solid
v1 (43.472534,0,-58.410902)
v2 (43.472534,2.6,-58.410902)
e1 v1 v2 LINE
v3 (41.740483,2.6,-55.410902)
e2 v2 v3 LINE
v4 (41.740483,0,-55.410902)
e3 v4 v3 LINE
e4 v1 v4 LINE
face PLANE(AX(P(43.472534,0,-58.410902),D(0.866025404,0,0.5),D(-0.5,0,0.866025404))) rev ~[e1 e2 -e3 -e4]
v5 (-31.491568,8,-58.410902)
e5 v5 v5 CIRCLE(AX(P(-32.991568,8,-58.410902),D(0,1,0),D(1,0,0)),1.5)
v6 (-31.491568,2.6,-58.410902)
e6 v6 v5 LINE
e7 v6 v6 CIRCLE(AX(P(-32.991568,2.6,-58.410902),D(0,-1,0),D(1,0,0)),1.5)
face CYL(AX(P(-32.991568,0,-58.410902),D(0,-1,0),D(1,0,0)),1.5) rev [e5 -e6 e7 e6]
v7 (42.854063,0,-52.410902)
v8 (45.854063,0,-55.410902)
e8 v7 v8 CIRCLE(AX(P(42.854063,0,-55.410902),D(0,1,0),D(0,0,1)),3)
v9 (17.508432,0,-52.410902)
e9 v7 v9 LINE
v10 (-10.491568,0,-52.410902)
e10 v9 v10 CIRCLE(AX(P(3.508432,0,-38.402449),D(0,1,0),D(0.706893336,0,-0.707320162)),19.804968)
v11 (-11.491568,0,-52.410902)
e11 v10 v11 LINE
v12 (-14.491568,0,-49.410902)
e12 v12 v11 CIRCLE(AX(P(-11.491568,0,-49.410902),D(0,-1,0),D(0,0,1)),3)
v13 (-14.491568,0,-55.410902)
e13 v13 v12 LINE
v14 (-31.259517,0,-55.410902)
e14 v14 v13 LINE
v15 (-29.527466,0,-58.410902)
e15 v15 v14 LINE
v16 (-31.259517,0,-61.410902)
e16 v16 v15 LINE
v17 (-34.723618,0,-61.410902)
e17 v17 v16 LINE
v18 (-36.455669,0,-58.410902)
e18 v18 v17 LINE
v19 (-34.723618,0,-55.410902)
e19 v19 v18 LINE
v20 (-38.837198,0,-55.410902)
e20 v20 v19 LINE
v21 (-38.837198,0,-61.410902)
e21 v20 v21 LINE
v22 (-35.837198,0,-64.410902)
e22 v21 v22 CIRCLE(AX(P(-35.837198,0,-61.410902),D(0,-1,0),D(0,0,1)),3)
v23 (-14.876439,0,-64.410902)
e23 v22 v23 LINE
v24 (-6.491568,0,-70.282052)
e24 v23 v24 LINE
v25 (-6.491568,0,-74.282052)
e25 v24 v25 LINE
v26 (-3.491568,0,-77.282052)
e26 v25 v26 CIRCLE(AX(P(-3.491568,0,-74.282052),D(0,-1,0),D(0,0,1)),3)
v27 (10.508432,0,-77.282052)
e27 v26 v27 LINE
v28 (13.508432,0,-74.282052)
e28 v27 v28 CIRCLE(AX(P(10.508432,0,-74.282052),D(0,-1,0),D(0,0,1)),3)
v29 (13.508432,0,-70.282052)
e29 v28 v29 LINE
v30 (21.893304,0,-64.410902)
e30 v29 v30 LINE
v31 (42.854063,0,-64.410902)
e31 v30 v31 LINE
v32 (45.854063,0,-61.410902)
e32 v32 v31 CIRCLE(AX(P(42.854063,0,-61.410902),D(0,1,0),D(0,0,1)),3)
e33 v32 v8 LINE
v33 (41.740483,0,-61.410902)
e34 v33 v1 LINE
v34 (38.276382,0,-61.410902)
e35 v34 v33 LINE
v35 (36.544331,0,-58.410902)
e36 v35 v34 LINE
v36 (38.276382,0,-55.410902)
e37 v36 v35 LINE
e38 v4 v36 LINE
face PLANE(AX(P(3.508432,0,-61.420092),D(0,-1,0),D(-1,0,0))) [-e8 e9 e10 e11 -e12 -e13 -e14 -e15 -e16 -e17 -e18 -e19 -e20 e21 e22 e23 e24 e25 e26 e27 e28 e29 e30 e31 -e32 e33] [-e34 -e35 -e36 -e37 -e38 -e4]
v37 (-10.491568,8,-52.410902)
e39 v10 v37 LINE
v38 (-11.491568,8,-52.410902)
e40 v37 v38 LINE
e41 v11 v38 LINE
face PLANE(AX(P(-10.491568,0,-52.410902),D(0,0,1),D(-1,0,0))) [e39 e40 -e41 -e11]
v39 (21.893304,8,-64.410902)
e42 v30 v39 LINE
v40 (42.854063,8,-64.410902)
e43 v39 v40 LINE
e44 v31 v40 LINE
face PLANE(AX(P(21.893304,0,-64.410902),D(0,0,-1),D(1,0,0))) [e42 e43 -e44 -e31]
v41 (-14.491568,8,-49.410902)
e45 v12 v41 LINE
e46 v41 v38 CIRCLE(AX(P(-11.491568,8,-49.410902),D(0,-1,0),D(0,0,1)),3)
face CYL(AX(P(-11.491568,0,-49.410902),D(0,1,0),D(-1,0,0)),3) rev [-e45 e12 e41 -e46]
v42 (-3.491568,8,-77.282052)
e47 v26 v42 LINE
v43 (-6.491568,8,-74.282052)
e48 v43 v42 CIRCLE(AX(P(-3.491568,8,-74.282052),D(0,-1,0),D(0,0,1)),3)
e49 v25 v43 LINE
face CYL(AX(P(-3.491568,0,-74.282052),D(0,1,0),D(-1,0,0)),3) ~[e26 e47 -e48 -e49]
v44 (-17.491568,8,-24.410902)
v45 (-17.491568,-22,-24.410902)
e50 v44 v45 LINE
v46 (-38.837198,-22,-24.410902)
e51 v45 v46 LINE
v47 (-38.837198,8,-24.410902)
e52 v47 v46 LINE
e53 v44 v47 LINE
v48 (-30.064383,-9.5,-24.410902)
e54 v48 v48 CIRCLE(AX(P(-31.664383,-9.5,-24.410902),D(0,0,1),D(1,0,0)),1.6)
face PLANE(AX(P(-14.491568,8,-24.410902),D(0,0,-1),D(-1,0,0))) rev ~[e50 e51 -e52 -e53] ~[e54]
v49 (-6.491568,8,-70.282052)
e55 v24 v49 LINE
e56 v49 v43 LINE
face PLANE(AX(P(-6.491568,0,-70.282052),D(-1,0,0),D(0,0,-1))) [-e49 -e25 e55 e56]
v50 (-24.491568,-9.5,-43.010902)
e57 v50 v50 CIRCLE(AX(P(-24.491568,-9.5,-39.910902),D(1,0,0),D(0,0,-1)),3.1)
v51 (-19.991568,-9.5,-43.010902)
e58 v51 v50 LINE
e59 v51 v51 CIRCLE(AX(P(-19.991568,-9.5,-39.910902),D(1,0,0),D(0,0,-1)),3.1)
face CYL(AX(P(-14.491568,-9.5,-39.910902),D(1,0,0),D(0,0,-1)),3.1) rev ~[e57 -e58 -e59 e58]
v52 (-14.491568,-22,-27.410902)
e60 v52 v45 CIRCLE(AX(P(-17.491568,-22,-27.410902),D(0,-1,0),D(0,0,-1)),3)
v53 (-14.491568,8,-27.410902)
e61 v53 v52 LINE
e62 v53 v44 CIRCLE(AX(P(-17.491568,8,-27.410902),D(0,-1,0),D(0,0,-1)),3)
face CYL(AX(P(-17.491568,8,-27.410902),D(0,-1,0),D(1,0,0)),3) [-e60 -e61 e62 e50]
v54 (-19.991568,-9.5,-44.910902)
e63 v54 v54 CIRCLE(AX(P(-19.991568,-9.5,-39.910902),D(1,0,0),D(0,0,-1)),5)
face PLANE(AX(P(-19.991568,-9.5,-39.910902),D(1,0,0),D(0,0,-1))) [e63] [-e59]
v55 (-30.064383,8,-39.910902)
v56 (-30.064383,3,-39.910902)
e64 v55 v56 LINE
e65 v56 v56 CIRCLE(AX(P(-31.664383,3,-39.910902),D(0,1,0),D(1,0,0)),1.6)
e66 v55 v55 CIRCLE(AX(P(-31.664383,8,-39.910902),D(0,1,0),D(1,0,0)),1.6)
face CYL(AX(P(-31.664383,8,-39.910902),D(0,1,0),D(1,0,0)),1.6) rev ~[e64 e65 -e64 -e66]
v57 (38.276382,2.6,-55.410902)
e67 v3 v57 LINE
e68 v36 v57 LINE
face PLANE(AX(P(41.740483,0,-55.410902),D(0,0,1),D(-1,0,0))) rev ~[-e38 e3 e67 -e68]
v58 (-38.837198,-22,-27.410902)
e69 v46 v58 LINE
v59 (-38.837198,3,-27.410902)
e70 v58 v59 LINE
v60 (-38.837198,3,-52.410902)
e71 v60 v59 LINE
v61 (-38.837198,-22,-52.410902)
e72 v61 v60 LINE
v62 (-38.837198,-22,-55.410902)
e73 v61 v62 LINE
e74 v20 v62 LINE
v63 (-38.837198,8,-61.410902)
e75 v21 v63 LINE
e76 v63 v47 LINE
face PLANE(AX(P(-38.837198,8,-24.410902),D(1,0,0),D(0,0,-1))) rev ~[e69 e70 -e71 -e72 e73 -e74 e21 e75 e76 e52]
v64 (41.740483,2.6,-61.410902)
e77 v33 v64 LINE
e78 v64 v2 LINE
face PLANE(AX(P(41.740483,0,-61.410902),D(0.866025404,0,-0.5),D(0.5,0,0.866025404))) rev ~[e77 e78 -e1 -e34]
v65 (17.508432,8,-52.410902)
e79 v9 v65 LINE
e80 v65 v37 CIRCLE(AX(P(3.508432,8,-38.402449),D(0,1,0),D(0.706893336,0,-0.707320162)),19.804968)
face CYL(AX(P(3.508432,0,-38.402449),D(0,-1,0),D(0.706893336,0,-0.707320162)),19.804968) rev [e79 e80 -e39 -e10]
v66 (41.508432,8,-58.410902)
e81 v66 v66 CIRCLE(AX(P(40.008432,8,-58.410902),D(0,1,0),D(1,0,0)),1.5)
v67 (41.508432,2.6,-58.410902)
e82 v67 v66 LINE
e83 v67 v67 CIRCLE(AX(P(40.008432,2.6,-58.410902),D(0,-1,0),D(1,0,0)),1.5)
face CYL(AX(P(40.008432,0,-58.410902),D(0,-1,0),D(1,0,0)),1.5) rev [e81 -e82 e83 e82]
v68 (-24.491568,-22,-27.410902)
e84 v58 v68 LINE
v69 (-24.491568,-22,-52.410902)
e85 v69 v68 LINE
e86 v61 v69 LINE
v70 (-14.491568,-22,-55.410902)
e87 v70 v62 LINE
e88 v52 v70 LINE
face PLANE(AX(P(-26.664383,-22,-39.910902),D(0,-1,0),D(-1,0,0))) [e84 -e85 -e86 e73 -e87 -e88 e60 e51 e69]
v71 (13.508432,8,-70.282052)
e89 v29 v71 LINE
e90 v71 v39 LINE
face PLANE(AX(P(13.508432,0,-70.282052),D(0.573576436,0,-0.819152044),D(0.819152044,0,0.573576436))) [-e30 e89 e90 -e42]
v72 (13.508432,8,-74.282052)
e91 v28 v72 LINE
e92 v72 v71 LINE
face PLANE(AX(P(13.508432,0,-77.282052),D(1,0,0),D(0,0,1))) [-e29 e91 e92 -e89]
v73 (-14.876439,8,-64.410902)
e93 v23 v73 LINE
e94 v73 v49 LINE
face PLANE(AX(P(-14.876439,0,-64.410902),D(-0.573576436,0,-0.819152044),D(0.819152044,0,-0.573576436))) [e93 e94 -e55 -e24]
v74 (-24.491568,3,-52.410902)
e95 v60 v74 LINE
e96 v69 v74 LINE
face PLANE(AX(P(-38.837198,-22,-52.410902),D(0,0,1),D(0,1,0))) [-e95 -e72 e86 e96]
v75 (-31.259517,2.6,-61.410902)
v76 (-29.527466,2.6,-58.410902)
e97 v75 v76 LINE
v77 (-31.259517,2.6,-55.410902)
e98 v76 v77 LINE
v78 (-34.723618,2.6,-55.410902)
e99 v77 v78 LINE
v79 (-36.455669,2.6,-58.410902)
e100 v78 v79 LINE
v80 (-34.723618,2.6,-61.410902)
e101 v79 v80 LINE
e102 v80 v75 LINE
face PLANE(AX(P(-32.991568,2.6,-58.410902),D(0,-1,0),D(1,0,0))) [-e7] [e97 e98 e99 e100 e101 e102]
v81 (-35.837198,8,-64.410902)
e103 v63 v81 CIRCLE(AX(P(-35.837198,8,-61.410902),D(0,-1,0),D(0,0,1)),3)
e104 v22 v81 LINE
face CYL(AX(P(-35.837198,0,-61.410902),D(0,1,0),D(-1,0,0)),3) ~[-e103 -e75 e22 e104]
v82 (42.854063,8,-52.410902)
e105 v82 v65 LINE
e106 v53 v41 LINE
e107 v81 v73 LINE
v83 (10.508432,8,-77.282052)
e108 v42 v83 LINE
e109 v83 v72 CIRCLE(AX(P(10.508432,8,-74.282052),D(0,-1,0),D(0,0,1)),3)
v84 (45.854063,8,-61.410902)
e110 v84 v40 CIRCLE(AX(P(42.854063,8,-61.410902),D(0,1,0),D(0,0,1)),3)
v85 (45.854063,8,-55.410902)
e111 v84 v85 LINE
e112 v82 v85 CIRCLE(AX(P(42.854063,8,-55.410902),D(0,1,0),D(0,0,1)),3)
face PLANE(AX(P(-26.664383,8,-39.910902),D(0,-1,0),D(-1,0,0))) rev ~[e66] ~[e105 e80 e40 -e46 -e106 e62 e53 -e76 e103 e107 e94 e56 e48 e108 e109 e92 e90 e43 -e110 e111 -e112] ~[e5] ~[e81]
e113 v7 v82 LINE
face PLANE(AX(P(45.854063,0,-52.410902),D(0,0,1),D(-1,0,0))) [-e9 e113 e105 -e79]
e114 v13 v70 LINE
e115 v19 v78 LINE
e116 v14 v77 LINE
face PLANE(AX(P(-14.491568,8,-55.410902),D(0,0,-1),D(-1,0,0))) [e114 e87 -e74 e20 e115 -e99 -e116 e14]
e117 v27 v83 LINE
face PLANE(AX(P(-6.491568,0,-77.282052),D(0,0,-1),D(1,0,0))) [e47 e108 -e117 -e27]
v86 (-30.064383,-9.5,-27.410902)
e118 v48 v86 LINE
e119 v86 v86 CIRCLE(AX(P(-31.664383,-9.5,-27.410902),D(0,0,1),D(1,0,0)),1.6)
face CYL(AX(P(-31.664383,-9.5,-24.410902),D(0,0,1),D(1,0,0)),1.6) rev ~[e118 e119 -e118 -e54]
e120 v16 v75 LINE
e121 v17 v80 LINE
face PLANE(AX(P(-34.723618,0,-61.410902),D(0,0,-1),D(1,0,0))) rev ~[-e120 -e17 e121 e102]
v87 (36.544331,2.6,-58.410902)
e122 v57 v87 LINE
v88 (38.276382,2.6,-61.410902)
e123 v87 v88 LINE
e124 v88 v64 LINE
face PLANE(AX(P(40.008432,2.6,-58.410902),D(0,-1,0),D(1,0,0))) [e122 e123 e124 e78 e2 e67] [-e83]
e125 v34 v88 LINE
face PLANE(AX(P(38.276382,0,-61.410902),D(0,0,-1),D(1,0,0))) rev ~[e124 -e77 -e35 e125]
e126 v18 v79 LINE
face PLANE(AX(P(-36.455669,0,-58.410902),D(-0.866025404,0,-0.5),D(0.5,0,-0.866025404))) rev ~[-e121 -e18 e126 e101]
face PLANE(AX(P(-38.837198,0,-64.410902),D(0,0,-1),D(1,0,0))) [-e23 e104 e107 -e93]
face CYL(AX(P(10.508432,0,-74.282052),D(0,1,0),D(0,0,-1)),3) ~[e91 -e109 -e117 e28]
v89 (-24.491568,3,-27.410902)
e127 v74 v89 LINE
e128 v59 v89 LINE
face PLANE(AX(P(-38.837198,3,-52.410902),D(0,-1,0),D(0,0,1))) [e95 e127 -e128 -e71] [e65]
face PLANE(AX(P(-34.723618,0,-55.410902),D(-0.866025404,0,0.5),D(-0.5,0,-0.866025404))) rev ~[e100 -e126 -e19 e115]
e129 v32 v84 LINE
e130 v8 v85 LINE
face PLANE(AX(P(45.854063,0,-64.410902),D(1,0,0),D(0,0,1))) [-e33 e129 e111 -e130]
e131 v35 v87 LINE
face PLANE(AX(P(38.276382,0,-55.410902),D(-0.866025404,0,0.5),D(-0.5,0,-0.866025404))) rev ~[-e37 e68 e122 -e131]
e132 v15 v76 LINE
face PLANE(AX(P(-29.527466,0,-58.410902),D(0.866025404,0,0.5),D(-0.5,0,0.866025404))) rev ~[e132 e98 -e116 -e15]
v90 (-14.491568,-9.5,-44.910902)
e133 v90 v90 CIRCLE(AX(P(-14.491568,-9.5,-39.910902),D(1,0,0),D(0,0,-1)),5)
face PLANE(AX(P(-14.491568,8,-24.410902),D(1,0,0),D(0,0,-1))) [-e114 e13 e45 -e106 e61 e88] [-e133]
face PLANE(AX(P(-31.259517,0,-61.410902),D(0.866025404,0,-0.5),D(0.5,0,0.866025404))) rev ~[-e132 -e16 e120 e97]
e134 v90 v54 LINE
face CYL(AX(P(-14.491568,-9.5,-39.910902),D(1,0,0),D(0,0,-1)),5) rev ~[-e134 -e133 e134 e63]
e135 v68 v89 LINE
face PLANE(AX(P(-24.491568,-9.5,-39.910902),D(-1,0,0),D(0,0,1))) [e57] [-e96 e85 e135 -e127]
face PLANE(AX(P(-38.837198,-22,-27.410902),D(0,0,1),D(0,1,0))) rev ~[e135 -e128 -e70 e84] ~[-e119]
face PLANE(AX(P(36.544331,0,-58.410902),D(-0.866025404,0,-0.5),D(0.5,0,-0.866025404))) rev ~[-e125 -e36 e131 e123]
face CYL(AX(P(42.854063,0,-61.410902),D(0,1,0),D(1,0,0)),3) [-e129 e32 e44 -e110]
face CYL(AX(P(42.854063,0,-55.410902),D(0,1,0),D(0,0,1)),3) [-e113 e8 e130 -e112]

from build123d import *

# Parameters (mm, degrees)
SKETCH2_R           = 1.5
BOSS_EXTRUDE1_DEPTH = 8
SKETCH11_W          = 24.345630124
SKETCH11_H          = 31
BOSS_EXTRUDE4_DEPTH = 30
SKETCH12_W          = 25
SKETCH12_H          = 25
CUT_EXTRUDE7_DEPTH  = 14.34563
CUT_EXTRUDE8_REACH  = 26.346
SKETCH13_R          = 3.1
SKETCH14_R          = 5
CUT_EXTRUDE9_DEPTH  = 5.5
SKETCH15_R          = 1.6
CUT_EXTRUDE10_DEPTH = 5.5
CUT_EXTRUDE11_REACH = 32
SKETCH16_R          = 1.6
CUT_EXTRUDE12_DEPTH = 2.6
FILLET2_R           = 3


with BuildPart() as part:
    # Sketch2 → Boss-Extrude1 (new body)
    with BuildSketch(Plane(origin=(0, 0, 0), x_dir=(1, 0, 0), z_dir=(0, 1, 0))):
        with BuildLine():
            Line((-38.837197709, 64.4109018), (-14.876439197, 64.4109018))
            Line((-14.876439197, 64.4109018), (-6.491567585, 70.282052109))
            Line((-6.491567585, 70.282052109), (-6.491567585, 77.282052109))
            Line((-6.491567585, 77.282052109), (13.508432415, 77.282052109))
            Line((13.508432415, 77.282052109), (13.508432415, 70.282052109))
            Line((13.508432415, 70.282052109), (21.893304027, 64.4109018))
            Line((21.893304027, 64.4109018), (45.85406254, 64.4109018))
            Line((45.85406254, 64.4109018), (45.85406254, 52.4109018))
            Line((45.85406254, 52.4109018), (17.508432415, 52.4109018))
            ThreePointArc((17.508432415, 52.4109018), (3.508432415, 58.207416665), (-10.491567585, 52.4109018))
            Line((-10.491567585, 52.4109018), (-38.837197709, 52.4109018))
            Line((-38.837197709, 52.4109018), (-38.837197709, 64.4109018))
        make_face()
        with Locations((-32.991567585, 58.4109018)):
            Circle(SKETCH2_R, mode=Mode.SUBTRACT)
        with Locations((40.008432415, 58.4109018)):
            Circle(SKETCH2_R, mode=Mode.SUBTRACT)
    extrude(amount=BOSS_EXTRUDE1_DEPTH)

    # Sketch11 → Boss-Extrude4 (add)
    with BuildSketch(Plane(origin=(0, 8, 0), x_dir=(-1, 0, 0), z_dir=(0, -1, 0))):
        with Locations((26.664382647, 39.9109018)):
            Rectangle(SKETCH11_W, SKETCH11_H)
    extrude(amount=BOSS_EXTRUDE4_DEPTH)

    # Sketch12 → Cut-Extrude7 (cut)
    with BuildSketch(Plane.ZY.offset(38.837197709)):
        with Locations((-39.9109018, -9.5)):
            Rectangle(SKETCH12_W, SKETCH12_H)
    extrude(amount=-CUT_EXTRUDE7_DEPTH, mode=Mode.SUBTRACT)

    # Sketch13 → Cut-Extrude8 (cut, up to next)
    with BuildSketch(Plane(origin=(-14.491567585, 0, 0), x_dir=(0, 0, -1), z_dir=(1, 0, 0)), mode=Mode.PRIVATE) as cut_extrude8_sk1:
        with Locations((39.9109018, -9.5)):
            Circle(SKETCH13_R)
    cut_extrude8_tool1 = extrude(cut_extrude8_sk1.sketch, amount=-CUT_EXTRUDE8_REACH, mode=Mode.PRIVATE) & part.part
    add(cut_extrude8_tool1.solids().sort_by_distance((-14.491568, -9.5, -39.910902))[0], mode=Mode.SUBTRACT)

    # Sketch14 → Cut-Extrude9 (cut)
    with BuildSketch(Plane(origin=(-14.491567585, 0, 0), x_dir=(0, 0, -1), z_dir=(1, 0, 0))):
        with Locations((39.9109018, -9.5)):
            Circle(SKETCH14_R)
    extrude(amount=-CUT_EXTRUDE9_DEPTH, mode=Mode.SUBTRACT)

    # Sketch15 → Cut-Extrude10 (cut)
    with BuildSketch(Plane.XY.offset(-24.4109018)):
        with Locations((-31.664382647, -9.5)):
            Circle(SKETCH15_R)
    extrude(amount=-CUT_EXTRUDE10_DEPTH, mode=Mode.SUBTRACT)

    # Sketch16 → Cut-Extrude11 (cut, up to next)
    with BuildSketch(Plane(origin=(0, 8, 0), x_dir=(1, 0, 0), z_dir=(0, 1, 0)), mode=Mode.PRIVATE) as cut_extrude11_sk1:
        with Locations((-31.664382647, 39.9109018)):
            Circle(SKETCH16_R)
    cut_extrude11_tool1 = extrude(cut_extrude11_sk1.sketch, amount=-CUT_EXTRUDE11_REACH, mode=Mode.PRIVATE) & part.part
    add(cut_extrude11_tool1.solids().sort_by_distance((-31.664383, 8, -39.910902))[0], mode=Mode.SUBTRACT)

    # Sketch17 → Cut-Extrude12 (cut)
    with BuildSketch(Plane.XZ):
        Polygon((-31.259516777, -61.4109018), (-29.52746597, -58.4109018), (-31.259516777, -55.4109018), (-34.723618392, -55.4109018), (-36.4556692, -58.4109018), (-34.723618392, -61.4109018), align=None)
        Polygon((38.276381608, -61.4109018), (41.740483223, -61.4109018), (43.47253403, -58.4109018), (41.740483223, -55.4109018), (38.276381608, -55.4109018), (36.5443308, -58.4109018), align=None)
    extrude(amount=-CUT_EXTRUDE12_DEPTH, mode=Mode.SUBTRACT)

    # Fillet2
    fillet2_edges = [part.edges().sort_by_distance(p)[0] for p in [
        (-38.837197709, 4, -64.4109018),
        (-6.491567585, 4, -77.282052109),
        (13.508432415, 4, -77.282052109),
        (45.85406254, 4, -64.4109018),
        (45.85406254, 4, -52.4109018),
        (-14.491567585, 4, -52.4109018),
        (-14.491567585, -7, -24.4109018),
    ]]
    fillet(fillet2_edges, radius=FILLET2_R)


solid = part.part
